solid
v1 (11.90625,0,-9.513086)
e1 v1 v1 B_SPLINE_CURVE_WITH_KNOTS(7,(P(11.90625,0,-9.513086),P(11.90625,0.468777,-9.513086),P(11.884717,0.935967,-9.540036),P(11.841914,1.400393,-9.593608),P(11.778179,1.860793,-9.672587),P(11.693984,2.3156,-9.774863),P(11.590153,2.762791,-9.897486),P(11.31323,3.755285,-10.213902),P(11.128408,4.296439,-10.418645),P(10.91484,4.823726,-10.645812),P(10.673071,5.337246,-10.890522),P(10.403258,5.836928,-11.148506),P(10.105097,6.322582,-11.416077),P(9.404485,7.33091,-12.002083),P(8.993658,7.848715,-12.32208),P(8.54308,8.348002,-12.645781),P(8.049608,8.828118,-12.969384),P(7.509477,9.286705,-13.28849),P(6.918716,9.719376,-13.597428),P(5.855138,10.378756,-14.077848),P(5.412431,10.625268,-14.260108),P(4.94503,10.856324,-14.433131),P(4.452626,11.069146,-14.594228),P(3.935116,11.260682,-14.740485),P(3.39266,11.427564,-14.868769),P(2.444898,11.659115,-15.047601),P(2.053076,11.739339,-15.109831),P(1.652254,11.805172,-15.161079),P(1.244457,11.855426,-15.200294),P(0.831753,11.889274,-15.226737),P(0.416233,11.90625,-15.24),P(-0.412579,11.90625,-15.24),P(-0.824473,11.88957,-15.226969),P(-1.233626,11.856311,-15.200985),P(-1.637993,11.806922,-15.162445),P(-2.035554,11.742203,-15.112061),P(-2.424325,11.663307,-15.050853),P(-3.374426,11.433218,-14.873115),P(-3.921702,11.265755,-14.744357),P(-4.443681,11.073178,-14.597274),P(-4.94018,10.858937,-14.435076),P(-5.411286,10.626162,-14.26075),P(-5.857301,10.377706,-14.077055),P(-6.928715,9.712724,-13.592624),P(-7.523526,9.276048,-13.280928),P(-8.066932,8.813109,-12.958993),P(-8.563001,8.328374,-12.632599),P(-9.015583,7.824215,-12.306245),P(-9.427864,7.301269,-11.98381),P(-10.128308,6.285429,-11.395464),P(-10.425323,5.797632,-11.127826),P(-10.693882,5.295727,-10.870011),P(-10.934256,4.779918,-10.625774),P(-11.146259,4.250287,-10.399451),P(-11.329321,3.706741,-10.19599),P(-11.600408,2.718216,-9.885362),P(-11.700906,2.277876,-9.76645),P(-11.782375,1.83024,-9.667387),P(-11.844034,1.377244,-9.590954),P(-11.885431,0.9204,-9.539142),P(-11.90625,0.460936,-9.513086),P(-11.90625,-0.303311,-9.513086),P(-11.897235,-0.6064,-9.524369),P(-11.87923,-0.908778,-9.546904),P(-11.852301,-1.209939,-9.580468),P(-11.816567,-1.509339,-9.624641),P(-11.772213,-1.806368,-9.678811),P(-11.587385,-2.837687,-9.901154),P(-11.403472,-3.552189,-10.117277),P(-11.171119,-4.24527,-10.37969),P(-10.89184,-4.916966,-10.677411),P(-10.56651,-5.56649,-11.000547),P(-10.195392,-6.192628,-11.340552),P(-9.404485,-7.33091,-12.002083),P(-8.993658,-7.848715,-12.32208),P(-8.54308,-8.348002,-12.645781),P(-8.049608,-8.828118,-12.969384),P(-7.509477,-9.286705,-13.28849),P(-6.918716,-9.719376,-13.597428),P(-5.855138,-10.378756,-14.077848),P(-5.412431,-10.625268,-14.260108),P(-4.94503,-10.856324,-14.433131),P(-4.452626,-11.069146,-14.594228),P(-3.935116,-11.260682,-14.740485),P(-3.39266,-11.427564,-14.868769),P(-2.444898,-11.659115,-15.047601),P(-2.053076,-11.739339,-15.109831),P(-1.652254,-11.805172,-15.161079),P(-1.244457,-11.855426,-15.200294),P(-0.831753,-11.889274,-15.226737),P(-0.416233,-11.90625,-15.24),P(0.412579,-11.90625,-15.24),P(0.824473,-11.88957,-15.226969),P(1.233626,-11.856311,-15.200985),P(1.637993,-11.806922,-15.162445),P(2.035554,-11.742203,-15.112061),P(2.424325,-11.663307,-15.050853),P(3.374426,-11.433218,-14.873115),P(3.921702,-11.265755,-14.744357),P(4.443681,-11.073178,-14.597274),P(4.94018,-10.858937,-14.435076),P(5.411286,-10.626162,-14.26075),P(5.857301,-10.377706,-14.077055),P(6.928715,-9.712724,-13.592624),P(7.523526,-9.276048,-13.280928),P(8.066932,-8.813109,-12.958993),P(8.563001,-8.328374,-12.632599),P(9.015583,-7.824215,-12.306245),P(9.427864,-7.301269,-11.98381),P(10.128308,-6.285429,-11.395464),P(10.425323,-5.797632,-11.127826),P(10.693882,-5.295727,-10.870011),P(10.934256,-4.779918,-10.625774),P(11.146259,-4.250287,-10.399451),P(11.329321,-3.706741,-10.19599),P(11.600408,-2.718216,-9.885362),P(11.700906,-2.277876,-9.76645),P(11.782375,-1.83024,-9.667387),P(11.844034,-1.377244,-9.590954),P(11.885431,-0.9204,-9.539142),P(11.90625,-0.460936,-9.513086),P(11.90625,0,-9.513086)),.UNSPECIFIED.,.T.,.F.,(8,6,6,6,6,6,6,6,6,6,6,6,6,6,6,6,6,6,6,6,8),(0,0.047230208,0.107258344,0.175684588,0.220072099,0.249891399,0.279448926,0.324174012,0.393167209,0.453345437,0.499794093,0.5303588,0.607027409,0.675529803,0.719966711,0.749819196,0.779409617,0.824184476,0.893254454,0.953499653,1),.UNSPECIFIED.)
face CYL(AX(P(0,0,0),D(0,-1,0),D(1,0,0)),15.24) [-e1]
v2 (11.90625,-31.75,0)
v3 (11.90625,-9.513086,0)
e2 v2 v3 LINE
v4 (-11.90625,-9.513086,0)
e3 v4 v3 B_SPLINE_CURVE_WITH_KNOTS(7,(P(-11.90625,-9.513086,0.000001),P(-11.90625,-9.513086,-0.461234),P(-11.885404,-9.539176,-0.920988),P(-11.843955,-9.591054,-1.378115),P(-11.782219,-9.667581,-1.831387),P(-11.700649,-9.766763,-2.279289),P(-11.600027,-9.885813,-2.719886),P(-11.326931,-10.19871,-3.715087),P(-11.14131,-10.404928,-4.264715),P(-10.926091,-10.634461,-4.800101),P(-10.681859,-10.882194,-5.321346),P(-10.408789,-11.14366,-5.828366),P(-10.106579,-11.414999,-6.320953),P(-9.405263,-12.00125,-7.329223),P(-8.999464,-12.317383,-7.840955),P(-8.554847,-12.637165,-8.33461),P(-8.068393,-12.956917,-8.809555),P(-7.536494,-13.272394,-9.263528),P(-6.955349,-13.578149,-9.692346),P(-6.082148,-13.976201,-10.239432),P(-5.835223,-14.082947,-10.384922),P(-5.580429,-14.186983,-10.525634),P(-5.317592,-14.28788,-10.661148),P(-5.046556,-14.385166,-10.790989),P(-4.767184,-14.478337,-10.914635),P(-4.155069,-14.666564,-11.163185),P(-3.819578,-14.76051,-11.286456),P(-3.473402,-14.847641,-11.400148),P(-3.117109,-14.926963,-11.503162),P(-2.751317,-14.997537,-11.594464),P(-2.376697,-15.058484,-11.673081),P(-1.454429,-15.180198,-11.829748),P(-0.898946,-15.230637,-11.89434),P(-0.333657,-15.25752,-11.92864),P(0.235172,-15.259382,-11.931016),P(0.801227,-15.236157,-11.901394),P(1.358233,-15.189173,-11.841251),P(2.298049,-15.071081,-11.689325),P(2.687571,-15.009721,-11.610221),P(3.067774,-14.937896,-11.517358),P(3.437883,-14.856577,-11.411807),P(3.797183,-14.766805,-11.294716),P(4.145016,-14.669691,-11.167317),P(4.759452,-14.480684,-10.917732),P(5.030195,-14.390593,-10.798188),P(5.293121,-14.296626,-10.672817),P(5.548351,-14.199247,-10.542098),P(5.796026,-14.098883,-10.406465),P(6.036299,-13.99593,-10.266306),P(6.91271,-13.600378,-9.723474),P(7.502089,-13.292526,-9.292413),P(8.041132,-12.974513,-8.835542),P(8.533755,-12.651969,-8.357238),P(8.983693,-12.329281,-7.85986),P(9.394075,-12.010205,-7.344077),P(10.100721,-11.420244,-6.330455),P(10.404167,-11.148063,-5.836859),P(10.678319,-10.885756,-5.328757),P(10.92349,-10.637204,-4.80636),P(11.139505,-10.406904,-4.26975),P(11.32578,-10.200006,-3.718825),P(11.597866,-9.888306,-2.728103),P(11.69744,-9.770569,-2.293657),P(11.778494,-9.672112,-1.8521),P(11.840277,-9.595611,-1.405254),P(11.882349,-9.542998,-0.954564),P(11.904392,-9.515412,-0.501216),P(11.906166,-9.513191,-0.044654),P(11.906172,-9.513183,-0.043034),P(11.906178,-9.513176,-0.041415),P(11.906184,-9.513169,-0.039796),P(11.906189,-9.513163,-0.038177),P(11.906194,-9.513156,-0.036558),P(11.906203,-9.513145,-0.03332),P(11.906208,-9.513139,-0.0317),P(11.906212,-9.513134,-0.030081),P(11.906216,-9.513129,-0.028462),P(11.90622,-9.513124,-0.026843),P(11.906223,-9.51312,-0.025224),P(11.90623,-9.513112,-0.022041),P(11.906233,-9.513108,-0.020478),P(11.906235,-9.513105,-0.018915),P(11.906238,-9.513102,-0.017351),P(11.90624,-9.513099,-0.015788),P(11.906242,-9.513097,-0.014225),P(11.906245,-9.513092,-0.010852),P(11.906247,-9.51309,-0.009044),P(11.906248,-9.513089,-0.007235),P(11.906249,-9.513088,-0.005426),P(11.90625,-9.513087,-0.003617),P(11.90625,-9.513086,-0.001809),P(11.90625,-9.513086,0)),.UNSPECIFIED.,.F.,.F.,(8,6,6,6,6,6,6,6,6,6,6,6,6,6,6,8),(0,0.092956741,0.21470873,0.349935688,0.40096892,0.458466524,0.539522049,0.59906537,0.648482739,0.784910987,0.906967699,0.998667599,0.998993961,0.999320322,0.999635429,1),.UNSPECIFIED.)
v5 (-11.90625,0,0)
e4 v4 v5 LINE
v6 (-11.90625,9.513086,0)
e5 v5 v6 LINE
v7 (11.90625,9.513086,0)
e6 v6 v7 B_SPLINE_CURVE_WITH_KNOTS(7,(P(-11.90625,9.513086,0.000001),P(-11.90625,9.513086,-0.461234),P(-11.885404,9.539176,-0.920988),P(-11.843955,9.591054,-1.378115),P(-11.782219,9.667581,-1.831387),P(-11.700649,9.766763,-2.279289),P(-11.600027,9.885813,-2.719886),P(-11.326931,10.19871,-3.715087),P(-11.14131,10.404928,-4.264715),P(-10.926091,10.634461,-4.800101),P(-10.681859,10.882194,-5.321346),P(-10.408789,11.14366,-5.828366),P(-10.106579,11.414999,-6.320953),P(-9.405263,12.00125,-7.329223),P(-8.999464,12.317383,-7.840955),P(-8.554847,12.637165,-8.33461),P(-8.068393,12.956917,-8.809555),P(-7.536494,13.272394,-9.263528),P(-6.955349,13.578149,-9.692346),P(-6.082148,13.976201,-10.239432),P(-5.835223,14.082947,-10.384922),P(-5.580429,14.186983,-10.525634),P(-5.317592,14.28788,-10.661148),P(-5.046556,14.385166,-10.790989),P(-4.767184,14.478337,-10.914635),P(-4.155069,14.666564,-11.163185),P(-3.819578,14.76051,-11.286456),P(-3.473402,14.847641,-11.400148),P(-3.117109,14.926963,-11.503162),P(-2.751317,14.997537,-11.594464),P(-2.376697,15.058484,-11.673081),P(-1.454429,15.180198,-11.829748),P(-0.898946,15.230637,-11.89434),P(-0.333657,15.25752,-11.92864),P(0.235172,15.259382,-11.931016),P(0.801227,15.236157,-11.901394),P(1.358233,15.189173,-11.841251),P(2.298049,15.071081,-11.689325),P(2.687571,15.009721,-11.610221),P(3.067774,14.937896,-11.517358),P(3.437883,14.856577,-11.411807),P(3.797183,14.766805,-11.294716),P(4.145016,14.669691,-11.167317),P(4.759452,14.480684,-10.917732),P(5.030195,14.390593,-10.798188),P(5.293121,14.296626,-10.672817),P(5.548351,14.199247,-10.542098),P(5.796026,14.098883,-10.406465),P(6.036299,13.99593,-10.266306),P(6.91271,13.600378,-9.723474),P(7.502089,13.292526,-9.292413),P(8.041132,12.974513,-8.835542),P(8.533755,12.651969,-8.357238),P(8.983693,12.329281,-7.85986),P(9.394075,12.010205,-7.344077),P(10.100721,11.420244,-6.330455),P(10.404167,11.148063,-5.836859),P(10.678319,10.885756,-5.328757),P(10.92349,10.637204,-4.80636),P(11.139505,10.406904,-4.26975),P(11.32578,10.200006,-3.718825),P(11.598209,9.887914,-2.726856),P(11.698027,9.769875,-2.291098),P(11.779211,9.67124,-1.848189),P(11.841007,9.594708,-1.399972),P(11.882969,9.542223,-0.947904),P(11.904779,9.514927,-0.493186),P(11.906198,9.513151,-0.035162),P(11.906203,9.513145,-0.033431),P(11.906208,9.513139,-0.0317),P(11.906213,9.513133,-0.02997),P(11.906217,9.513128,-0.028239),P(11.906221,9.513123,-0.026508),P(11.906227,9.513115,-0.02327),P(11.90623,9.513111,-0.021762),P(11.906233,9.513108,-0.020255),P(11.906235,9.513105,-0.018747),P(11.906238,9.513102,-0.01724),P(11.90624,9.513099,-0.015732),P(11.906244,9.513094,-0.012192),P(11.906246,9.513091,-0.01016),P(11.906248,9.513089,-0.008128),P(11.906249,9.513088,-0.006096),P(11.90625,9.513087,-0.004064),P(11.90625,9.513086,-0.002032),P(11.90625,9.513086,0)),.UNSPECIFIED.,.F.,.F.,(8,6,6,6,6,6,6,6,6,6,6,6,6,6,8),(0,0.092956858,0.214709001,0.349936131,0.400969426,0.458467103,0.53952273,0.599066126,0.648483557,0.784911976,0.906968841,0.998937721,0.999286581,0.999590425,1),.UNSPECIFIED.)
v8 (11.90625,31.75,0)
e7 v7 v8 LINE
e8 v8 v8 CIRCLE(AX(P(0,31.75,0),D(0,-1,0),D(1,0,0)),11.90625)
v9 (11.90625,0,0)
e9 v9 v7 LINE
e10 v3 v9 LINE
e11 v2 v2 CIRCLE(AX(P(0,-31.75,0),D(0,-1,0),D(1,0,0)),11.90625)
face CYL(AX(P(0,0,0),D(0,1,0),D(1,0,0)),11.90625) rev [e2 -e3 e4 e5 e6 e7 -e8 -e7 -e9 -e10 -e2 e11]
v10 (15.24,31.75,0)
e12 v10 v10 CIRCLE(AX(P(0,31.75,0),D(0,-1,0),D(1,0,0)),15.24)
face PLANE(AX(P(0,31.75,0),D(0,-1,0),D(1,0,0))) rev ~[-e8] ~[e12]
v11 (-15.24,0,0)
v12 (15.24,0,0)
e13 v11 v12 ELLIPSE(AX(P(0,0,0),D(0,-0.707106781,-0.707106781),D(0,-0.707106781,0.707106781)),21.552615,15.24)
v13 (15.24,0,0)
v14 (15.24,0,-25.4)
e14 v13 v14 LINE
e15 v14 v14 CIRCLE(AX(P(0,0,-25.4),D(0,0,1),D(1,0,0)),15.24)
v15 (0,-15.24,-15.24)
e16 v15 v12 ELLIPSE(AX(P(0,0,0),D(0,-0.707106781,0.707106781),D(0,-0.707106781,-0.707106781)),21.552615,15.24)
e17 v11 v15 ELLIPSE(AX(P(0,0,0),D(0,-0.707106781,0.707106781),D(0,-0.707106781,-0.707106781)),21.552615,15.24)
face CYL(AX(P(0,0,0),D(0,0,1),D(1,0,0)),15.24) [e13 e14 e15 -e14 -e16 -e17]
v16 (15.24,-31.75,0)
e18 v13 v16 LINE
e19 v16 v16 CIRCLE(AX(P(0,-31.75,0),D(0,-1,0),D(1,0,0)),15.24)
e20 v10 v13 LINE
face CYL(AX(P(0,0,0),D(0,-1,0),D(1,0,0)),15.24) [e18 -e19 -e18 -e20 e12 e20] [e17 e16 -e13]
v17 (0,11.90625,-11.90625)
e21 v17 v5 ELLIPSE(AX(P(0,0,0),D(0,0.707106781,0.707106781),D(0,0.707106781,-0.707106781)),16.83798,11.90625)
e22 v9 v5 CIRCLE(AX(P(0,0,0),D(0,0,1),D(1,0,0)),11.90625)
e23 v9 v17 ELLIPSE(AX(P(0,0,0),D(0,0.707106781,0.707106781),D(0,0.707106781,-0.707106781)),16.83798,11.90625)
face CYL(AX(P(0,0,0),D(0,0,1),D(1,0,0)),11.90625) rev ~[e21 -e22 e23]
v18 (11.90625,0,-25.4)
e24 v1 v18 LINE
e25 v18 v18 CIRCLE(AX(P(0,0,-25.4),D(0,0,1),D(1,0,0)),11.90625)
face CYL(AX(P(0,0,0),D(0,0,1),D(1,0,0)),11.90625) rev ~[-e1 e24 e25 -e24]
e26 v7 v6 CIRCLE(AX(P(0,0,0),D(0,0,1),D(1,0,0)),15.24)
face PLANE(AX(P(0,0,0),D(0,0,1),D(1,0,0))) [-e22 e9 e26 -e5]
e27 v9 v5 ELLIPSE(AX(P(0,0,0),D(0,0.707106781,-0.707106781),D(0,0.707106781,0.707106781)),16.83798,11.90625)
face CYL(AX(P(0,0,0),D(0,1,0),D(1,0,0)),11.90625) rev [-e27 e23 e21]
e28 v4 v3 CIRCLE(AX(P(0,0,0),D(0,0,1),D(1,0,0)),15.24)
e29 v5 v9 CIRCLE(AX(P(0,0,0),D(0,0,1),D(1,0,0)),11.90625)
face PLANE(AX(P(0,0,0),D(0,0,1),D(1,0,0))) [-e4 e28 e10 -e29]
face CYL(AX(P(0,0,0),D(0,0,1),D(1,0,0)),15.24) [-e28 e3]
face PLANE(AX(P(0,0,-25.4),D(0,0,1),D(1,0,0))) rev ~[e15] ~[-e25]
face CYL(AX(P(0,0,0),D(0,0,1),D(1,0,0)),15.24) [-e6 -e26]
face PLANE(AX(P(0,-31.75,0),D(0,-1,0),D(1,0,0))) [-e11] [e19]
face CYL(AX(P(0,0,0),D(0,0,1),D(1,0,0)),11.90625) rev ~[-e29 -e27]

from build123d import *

# Parameters (mm, degrees)
F0_R     = 15.24
F0_R_2   = 11.90625
F1_DEPTH = 31.75
F2_R     = 15.24
F2_R_2   = 11.90625
F3_DEPTH = 25.4


with BuildPart() as f1:
    # F0 (on Front) → F1 (new body, symmetric)
    with BuildSketch(Plane.XZ):
        Circle(F0_R)
        Circle(F0_R_2, mode=Mode.SUBTRACT)
    extrude(amount=F1_DEPTH, both=True)

    # F2 (on Top) → F3 (join)
    with BuildSketch(Plane.XY):
        Circle(F2_R)
        Circle(F2_R_2, mode=Mode.SUBTRACT)
    extrude(amount=-F3_DEPTH)


solid = f1.part
